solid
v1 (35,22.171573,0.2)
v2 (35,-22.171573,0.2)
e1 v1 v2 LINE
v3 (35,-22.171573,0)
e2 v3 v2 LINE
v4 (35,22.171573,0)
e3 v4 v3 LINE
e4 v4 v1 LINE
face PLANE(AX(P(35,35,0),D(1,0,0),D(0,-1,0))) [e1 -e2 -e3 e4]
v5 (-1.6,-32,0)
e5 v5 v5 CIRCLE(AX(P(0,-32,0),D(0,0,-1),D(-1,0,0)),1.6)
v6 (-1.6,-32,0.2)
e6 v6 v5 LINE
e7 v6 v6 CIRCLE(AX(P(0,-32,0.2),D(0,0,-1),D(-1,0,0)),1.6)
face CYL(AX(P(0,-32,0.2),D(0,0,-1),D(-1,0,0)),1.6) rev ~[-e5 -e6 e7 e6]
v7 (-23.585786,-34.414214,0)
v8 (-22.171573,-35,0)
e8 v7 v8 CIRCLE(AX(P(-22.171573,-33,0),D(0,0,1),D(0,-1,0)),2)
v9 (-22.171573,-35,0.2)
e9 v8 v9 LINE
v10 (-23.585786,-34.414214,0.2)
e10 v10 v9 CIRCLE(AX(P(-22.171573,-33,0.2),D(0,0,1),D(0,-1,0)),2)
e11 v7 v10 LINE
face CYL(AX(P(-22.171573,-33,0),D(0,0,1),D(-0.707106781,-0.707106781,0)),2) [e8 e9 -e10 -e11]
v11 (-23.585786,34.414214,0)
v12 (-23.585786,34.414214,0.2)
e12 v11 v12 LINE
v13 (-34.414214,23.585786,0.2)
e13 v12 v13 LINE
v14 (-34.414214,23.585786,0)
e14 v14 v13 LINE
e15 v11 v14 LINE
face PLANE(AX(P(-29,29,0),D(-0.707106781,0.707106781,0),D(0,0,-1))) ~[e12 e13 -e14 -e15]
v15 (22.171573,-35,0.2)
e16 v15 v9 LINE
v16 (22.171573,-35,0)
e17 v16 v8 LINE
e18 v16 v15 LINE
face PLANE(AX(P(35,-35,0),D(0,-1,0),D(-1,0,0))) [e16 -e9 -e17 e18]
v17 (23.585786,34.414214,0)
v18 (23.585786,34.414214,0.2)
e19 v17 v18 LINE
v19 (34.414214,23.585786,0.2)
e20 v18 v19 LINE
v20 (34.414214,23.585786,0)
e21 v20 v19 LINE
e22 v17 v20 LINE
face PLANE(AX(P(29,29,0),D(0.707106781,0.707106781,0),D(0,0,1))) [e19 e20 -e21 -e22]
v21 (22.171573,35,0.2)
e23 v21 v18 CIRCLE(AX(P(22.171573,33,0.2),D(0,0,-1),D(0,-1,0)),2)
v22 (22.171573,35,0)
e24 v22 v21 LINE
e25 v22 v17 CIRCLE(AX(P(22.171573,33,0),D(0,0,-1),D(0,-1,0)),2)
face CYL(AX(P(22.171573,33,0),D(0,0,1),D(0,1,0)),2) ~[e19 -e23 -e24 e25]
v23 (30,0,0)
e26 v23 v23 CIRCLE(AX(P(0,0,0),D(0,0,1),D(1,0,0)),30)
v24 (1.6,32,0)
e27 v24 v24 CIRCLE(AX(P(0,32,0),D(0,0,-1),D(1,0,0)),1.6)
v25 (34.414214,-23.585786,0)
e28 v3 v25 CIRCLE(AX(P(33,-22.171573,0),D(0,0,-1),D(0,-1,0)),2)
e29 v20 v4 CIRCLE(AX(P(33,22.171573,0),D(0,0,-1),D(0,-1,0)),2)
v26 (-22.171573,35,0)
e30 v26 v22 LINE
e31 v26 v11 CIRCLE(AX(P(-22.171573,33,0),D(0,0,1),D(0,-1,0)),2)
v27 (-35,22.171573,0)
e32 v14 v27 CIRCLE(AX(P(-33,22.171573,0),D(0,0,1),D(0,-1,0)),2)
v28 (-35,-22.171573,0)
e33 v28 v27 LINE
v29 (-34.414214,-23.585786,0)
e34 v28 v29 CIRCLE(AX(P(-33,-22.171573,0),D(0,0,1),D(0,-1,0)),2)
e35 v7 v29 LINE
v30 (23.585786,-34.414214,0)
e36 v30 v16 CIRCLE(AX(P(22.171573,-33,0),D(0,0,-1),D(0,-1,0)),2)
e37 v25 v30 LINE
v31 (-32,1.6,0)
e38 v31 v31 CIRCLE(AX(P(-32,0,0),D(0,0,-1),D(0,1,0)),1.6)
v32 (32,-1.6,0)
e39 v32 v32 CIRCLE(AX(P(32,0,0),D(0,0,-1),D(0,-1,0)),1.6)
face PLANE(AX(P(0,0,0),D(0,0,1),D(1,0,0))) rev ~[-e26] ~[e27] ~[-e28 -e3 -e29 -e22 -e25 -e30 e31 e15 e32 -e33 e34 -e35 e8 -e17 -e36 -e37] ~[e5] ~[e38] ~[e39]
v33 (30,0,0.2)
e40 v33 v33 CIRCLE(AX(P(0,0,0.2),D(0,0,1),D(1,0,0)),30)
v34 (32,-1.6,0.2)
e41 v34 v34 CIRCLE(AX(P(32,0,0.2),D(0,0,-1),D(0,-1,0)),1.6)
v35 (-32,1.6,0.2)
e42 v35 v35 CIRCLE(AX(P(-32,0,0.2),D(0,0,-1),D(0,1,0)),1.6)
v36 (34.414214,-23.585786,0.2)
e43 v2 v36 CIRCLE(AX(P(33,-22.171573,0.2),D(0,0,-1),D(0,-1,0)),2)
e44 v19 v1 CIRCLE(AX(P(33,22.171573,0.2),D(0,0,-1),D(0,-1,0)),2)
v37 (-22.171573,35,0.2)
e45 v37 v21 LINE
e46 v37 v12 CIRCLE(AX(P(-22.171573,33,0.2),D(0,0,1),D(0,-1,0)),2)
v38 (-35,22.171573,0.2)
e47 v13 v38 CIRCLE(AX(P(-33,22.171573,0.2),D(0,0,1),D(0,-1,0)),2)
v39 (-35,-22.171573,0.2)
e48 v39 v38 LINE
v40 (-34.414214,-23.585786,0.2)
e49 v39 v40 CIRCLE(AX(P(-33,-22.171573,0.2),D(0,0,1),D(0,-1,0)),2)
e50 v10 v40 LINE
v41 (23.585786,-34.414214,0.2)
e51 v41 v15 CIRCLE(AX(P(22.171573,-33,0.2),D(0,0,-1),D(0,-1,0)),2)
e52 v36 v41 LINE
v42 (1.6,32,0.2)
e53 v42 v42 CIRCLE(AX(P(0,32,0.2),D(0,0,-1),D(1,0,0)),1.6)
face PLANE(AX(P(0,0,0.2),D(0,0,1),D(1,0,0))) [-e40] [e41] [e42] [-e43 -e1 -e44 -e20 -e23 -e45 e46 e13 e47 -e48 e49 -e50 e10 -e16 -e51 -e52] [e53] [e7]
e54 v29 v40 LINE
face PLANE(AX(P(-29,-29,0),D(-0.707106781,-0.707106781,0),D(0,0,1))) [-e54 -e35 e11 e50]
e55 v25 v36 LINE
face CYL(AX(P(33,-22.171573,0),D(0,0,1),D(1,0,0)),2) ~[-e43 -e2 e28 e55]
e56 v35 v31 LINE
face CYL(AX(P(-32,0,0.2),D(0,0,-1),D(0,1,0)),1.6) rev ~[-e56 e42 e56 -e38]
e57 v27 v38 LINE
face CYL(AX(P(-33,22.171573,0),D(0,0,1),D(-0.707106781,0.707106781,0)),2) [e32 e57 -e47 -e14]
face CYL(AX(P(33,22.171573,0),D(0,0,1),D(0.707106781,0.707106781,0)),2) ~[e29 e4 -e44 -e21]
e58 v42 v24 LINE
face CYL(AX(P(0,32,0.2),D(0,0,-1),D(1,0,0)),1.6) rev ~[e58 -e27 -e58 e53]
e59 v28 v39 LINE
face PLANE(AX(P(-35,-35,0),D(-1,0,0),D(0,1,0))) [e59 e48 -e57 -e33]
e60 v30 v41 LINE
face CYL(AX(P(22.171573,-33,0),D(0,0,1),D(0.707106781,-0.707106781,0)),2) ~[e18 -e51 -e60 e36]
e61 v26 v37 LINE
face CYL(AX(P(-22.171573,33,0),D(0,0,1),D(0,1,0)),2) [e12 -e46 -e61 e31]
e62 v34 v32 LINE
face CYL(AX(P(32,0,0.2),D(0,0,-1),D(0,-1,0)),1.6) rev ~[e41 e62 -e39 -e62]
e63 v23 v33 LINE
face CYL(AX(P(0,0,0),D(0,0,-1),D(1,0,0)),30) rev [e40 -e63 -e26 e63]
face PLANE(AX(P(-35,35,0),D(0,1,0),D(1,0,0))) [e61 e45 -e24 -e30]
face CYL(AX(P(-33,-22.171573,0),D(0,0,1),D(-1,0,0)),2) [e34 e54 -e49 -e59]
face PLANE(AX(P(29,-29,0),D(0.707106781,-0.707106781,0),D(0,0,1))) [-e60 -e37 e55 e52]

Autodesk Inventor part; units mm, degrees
ref_plane "YZ Plane" through (0, 0, 0) normal (1, 0, 0) x (0, 1, 0)
ref_plane "XZ Plane" through (0, 0, 0) normal (0, 1, 0) x (-1, 0, 0)
ref_plane "XY Plane" through (0, 0, 0) normal (0, 0, 1) x (1, 0, 0)
sketch "Sketch1" plane through (0, 0, 0) normal (0, 0, 1) x (1, 0, 0)
  line L0 (-35, 35) -> (35, 35)
  line L1 (35, 35) -> (35, -35)
  line L2 (35, -35) -> (-35, -35)
  line L3 (-35, -35) -> (-35, 35)
  circle A0 centre (0, 0) radius 30
  point P0 (35, 0)
  point P1 (0, 35)
  dimension "d0" = 70
  dimension "d1" = 60
extrude "Extrusion1" add sketch "Sketch1" along normal blind 0.2
chamfer "Chamfer1" distance 12 angle 45 4 edges at (35, 35, 0.1) (35, -35, 0.1) (-35, -35, 0.1) (-35, 35, 0.1)
fillet "Fillet1" radius 2 8 edges at (-23, 35, 0.1) (23, 35, 0.1) (35, 23, 0.1) (35, -23, 0.1) (23, -35, 0.1) (-23, -35, 0.1) (-35, -23, 0.1) (-35, 23, 0.1)
sketch "Sketch2" plane through (0, 0, 0.2) normal (0, 0, 1) x (1, 0, 0)
  circle A0 centre (0, 0) radius 32 construction
  point P0 (32, 0)
  dimension "d8" = 64
hole "Hole1" at (32, 0, 0.2) direction (0, 0, -1) diameter 3.2 end through all
pattern_circular "Circular Pattern1" count 4 over 360 about axis through (0, 0, -10) along (0, 0, 1) of "Hole1"
sketch "Sketch3" plane through (0, 0, 0.2) normal (0, 0, 1) x (1, 0, 0)
  circle A0 centre (0, 0) radius 23.75 construction
  point P0 (23.75, 0)
  dimension "d19" = 47.5
properties part number "plasma-box-mica" material "Nylon 6/6"
